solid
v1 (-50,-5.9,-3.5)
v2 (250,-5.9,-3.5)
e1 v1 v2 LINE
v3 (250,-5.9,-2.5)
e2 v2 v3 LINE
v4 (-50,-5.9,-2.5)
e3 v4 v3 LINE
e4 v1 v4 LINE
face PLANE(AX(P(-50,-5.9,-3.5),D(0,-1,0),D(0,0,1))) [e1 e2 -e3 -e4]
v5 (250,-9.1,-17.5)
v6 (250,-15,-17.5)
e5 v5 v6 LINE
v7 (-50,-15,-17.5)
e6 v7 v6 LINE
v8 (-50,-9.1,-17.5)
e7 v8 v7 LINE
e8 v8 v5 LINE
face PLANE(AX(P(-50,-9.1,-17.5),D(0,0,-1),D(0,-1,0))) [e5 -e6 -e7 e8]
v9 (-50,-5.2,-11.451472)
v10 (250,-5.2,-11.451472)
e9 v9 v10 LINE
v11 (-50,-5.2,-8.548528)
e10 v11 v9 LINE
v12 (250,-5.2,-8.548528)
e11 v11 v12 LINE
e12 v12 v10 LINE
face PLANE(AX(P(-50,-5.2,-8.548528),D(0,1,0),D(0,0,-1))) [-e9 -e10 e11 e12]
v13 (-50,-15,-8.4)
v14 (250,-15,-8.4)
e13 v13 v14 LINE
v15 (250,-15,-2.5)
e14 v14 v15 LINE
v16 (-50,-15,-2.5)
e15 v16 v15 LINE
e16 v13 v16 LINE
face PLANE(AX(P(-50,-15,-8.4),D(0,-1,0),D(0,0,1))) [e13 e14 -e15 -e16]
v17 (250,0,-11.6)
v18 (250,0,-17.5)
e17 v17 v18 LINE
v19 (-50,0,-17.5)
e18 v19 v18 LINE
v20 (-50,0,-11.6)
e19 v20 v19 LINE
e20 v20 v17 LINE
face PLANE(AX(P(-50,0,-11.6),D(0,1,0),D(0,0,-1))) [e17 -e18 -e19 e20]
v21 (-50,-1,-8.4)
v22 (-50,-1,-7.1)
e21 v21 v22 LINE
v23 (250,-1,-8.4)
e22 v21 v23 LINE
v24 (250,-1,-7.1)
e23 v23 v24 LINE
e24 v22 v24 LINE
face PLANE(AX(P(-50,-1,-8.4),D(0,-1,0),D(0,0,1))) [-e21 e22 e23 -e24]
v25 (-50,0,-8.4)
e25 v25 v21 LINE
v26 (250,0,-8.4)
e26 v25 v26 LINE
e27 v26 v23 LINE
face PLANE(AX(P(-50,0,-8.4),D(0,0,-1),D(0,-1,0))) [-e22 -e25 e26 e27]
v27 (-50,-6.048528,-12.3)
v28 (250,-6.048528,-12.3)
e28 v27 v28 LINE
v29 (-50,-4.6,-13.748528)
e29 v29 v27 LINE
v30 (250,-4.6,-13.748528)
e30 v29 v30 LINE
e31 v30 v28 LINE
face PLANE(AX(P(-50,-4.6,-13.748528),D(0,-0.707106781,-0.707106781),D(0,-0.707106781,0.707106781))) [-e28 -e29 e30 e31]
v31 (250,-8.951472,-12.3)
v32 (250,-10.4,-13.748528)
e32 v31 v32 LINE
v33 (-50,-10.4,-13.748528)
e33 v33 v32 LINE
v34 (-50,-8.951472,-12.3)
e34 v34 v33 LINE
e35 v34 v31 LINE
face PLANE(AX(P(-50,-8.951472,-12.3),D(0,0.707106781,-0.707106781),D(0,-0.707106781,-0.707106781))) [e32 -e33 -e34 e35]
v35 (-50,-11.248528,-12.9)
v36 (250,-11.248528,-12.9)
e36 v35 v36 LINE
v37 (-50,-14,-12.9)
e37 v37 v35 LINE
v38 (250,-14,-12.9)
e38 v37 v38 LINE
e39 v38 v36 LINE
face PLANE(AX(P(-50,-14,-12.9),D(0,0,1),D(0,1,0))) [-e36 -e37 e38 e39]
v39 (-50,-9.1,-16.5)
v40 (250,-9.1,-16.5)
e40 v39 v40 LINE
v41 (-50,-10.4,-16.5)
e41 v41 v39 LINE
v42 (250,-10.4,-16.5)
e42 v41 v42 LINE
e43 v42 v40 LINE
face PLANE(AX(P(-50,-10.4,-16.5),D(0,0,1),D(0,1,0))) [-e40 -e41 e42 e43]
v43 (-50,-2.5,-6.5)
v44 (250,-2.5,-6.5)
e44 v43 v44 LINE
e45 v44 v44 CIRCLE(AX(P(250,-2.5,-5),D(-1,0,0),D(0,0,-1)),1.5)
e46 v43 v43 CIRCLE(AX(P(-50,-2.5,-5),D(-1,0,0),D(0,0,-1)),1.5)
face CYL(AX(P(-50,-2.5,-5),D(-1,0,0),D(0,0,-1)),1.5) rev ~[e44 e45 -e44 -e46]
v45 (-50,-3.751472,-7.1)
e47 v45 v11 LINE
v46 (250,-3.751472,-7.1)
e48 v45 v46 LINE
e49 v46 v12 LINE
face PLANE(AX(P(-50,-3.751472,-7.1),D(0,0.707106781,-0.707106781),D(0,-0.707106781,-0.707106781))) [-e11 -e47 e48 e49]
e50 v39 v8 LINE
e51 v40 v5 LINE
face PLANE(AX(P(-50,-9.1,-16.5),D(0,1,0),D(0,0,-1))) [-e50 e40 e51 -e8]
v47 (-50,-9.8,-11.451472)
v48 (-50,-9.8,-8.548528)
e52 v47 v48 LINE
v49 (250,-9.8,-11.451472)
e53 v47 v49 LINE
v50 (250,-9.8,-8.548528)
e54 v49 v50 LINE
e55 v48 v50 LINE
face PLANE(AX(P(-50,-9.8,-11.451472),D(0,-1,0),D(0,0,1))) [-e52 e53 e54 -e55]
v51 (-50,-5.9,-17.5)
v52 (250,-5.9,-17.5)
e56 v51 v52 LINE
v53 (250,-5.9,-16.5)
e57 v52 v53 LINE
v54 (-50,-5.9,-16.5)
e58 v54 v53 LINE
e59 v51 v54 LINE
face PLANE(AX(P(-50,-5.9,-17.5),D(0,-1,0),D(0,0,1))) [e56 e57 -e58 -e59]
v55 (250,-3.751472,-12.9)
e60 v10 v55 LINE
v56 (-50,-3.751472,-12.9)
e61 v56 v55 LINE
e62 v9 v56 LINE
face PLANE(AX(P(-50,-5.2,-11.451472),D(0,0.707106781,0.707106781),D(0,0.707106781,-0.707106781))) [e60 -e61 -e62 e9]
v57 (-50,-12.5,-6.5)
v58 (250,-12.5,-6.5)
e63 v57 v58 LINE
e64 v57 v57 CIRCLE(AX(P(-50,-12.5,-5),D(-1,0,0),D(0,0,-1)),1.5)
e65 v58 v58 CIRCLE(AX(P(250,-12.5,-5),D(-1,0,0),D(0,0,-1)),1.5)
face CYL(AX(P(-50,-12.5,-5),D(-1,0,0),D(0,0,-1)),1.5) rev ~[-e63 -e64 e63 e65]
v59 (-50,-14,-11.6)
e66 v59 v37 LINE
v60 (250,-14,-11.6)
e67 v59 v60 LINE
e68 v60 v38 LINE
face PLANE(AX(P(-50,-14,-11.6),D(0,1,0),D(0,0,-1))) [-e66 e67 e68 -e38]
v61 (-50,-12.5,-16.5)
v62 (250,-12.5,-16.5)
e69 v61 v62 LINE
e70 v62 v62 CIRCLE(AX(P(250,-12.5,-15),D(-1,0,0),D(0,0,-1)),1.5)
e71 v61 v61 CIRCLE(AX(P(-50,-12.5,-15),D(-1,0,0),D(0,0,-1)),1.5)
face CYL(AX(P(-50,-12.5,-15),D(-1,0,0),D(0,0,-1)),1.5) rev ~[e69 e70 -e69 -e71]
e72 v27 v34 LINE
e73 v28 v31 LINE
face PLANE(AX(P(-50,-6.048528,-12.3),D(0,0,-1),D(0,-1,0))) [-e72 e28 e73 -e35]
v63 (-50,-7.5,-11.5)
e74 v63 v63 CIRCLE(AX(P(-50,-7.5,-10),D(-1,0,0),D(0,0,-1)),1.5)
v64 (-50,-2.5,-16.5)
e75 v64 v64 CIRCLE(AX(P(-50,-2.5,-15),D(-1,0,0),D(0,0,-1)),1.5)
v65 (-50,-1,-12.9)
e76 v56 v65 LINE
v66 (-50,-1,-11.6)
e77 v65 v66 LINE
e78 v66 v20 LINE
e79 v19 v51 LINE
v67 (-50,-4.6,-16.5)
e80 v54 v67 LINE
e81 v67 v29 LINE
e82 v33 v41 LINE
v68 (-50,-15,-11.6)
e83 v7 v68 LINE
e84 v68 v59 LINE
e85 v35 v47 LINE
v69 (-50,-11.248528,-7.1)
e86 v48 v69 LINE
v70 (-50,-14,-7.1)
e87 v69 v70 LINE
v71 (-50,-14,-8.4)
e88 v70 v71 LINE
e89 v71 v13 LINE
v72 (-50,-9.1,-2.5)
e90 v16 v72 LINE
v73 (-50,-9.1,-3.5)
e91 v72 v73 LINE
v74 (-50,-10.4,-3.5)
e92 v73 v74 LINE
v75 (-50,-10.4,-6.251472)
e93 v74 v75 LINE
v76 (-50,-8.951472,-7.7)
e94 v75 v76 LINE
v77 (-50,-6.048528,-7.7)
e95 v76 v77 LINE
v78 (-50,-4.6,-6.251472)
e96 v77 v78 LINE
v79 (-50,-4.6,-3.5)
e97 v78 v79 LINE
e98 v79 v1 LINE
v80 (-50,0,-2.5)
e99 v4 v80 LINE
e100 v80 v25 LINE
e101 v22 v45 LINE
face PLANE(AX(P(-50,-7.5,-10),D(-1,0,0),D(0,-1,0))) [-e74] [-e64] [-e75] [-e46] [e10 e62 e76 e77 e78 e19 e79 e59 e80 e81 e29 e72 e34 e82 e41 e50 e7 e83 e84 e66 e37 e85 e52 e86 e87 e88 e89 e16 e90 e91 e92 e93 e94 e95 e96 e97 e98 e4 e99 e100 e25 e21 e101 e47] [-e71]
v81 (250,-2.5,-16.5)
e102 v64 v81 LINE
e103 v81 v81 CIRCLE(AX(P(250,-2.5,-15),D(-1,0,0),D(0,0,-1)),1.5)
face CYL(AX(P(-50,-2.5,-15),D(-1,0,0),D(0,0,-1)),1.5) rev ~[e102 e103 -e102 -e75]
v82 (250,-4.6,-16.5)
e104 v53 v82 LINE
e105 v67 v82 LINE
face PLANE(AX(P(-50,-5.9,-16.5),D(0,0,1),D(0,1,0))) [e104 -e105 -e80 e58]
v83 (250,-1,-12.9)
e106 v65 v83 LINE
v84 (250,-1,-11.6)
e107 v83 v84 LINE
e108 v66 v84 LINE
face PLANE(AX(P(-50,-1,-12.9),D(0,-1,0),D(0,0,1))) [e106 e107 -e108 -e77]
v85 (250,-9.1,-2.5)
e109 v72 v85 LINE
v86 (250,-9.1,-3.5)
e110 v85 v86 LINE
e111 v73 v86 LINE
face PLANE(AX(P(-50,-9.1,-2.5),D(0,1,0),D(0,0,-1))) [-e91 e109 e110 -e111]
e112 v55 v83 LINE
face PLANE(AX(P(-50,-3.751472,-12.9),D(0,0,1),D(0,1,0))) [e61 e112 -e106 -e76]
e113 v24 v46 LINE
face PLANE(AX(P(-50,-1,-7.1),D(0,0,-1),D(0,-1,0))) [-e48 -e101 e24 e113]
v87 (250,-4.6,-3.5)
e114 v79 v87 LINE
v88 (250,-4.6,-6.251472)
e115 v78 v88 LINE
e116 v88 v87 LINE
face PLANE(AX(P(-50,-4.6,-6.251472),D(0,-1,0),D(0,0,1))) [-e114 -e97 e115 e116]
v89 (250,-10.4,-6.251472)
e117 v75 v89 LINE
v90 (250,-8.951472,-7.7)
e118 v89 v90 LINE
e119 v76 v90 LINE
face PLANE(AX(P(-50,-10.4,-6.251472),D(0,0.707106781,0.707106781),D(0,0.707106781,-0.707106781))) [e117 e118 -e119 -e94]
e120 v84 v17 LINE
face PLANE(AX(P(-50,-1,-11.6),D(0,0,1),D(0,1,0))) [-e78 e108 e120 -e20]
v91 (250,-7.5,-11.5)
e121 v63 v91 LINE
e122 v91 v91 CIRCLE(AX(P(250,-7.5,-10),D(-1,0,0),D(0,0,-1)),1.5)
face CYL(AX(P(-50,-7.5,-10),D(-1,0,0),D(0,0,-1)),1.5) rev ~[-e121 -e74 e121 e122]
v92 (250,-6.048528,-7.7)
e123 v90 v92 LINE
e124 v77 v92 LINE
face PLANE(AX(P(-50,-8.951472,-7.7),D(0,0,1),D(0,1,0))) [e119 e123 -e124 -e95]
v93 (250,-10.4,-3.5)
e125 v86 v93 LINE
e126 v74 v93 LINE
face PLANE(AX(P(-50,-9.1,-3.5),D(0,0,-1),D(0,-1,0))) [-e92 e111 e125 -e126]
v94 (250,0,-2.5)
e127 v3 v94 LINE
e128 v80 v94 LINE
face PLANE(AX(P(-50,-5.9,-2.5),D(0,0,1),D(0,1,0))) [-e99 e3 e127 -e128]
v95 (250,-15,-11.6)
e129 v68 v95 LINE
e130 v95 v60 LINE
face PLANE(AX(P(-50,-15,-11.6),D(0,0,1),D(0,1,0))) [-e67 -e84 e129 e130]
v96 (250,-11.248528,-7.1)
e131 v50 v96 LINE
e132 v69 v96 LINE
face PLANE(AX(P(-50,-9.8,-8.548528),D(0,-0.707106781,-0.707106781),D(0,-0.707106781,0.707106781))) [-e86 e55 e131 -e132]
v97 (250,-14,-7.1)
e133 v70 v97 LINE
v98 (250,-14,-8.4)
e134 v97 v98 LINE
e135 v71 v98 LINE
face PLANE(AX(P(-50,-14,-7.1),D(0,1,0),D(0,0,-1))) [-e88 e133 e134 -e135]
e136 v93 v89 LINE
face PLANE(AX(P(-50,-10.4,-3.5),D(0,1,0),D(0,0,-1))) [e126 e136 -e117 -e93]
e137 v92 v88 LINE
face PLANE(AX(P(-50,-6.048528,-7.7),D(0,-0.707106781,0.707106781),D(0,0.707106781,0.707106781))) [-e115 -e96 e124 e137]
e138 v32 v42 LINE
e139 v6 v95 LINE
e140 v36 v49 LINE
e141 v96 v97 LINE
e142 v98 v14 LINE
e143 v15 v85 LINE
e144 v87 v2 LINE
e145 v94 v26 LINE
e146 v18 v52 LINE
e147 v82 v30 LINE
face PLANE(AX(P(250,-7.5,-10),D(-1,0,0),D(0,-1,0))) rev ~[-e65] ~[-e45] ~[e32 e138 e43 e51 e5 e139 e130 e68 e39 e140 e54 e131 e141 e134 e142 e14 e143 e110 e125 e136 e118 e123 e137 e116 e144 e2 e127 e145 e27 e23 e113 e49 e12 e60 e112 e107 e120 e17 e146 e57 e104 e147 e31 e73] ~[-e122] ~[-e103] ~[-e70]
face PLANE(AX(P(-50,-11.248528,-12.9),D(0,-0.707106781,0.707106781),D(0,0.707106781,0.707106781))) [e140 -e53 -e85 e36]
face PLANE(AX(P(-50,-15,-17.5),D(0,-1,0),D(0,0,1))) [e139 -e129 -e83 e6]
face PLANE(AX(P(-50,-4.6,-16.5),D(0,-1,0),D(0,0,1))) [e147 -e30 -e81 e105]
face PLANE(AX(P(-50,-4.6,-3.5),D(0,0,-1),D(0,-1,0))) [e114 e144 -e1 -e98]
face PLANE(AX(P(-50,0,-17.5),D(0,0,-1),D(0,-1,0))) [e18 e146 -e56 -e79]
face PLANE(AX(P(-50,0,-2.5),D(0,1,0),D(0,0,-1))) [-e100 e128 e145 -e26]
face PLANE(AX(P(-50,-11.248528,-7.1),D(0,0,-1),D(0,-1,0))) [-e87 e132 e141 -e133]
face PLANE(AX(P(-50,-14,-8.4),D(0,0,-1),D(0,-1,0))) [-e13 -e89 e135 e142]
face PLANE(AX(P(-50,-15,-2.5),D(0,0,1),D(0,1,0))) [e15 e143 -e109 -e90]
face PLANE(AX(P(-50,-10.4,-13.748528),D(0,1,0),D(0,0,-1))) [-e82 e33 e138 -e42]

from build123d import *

# Parameters (mm, degrees)
SKETCH1_R           = 1.5
BOSS_EXTRUDE1_DEPTH = 300


with BuildPart() as part:
    # Sketch1 → Boss-Extrude1 (new body)
    with BuildSketch(Plane(origin=(-50, 0, 0), x_dir=(0, -1, 0), z_dir=(-1, 0, 0))):
        Polygon((5.2, -11.451471863), (3.751471863, -12.9), (1, -12.9), (1, -11.6), (0, -11.6), (0, -17.5), (5.9, -17.5), (5.9, -16.5), (4.6, -16.5), (4.6, -13.748528137), (6.048528137, -12.3), (8.951471863, -12.3), (10.4, -13.748528137), (10.4, -16.5), (9.1, -16.5), (9.1, -17.5), (15, -17.5), (15, -11.6), (14, -11.6), (14, -12.9), (11.248528137, -12.9), (9.8, -11.451471863), (9.8, -8.548528137), (11.248528137, -7.1), (14, -7.1), (14, -8.4), (15, -8.4), (15, -2.5), (9.1, -2.5), (9.1, -3.5), (10.4, -3.5), (10.4, -6.251471863), (8.951471863, -7.7), (6.048528137, -7.7), (4.6, -6.251471863), (4.6, -3.5), (5.9, -3.5), (5.9, -2.5), (0, -2.5), (0, -8.4), (1, -8.4), (1, -7.1), (3.751471863, -7.1), (5.2, -8.548528137), align=None)
        with Locations(Location((7.5, -10, 0), (0, 0, 270))):
            Circle(SKETCH1_R, mode=Mode.SUBTRACT)
        with Locations(Location((2.5, -5, 0), (0, 0, 270))):
            Circle(SKETCH1_R, mode=Mode.SUBTRACT)
        with Locations(Location((2.5, -15, 0), (0, 0, 270))):
            Circle(SKETCH1_R, mode=Mode.SUBTRACT)
        with Locations(Location((12.5, -5, 0), (0, 0, 270))):
            Circle(SKETCH1_R, mode=Mode.SUBTRACT)
        with Locations(Location((12.5, -15, 0), (0, 0, 270))):
            Circle(SKETCH1_R, mode=Mode.SUBTRACT)
    extrude(amount=-BOSS_EXTRUDE1_DEPTH)


solid = part.part
